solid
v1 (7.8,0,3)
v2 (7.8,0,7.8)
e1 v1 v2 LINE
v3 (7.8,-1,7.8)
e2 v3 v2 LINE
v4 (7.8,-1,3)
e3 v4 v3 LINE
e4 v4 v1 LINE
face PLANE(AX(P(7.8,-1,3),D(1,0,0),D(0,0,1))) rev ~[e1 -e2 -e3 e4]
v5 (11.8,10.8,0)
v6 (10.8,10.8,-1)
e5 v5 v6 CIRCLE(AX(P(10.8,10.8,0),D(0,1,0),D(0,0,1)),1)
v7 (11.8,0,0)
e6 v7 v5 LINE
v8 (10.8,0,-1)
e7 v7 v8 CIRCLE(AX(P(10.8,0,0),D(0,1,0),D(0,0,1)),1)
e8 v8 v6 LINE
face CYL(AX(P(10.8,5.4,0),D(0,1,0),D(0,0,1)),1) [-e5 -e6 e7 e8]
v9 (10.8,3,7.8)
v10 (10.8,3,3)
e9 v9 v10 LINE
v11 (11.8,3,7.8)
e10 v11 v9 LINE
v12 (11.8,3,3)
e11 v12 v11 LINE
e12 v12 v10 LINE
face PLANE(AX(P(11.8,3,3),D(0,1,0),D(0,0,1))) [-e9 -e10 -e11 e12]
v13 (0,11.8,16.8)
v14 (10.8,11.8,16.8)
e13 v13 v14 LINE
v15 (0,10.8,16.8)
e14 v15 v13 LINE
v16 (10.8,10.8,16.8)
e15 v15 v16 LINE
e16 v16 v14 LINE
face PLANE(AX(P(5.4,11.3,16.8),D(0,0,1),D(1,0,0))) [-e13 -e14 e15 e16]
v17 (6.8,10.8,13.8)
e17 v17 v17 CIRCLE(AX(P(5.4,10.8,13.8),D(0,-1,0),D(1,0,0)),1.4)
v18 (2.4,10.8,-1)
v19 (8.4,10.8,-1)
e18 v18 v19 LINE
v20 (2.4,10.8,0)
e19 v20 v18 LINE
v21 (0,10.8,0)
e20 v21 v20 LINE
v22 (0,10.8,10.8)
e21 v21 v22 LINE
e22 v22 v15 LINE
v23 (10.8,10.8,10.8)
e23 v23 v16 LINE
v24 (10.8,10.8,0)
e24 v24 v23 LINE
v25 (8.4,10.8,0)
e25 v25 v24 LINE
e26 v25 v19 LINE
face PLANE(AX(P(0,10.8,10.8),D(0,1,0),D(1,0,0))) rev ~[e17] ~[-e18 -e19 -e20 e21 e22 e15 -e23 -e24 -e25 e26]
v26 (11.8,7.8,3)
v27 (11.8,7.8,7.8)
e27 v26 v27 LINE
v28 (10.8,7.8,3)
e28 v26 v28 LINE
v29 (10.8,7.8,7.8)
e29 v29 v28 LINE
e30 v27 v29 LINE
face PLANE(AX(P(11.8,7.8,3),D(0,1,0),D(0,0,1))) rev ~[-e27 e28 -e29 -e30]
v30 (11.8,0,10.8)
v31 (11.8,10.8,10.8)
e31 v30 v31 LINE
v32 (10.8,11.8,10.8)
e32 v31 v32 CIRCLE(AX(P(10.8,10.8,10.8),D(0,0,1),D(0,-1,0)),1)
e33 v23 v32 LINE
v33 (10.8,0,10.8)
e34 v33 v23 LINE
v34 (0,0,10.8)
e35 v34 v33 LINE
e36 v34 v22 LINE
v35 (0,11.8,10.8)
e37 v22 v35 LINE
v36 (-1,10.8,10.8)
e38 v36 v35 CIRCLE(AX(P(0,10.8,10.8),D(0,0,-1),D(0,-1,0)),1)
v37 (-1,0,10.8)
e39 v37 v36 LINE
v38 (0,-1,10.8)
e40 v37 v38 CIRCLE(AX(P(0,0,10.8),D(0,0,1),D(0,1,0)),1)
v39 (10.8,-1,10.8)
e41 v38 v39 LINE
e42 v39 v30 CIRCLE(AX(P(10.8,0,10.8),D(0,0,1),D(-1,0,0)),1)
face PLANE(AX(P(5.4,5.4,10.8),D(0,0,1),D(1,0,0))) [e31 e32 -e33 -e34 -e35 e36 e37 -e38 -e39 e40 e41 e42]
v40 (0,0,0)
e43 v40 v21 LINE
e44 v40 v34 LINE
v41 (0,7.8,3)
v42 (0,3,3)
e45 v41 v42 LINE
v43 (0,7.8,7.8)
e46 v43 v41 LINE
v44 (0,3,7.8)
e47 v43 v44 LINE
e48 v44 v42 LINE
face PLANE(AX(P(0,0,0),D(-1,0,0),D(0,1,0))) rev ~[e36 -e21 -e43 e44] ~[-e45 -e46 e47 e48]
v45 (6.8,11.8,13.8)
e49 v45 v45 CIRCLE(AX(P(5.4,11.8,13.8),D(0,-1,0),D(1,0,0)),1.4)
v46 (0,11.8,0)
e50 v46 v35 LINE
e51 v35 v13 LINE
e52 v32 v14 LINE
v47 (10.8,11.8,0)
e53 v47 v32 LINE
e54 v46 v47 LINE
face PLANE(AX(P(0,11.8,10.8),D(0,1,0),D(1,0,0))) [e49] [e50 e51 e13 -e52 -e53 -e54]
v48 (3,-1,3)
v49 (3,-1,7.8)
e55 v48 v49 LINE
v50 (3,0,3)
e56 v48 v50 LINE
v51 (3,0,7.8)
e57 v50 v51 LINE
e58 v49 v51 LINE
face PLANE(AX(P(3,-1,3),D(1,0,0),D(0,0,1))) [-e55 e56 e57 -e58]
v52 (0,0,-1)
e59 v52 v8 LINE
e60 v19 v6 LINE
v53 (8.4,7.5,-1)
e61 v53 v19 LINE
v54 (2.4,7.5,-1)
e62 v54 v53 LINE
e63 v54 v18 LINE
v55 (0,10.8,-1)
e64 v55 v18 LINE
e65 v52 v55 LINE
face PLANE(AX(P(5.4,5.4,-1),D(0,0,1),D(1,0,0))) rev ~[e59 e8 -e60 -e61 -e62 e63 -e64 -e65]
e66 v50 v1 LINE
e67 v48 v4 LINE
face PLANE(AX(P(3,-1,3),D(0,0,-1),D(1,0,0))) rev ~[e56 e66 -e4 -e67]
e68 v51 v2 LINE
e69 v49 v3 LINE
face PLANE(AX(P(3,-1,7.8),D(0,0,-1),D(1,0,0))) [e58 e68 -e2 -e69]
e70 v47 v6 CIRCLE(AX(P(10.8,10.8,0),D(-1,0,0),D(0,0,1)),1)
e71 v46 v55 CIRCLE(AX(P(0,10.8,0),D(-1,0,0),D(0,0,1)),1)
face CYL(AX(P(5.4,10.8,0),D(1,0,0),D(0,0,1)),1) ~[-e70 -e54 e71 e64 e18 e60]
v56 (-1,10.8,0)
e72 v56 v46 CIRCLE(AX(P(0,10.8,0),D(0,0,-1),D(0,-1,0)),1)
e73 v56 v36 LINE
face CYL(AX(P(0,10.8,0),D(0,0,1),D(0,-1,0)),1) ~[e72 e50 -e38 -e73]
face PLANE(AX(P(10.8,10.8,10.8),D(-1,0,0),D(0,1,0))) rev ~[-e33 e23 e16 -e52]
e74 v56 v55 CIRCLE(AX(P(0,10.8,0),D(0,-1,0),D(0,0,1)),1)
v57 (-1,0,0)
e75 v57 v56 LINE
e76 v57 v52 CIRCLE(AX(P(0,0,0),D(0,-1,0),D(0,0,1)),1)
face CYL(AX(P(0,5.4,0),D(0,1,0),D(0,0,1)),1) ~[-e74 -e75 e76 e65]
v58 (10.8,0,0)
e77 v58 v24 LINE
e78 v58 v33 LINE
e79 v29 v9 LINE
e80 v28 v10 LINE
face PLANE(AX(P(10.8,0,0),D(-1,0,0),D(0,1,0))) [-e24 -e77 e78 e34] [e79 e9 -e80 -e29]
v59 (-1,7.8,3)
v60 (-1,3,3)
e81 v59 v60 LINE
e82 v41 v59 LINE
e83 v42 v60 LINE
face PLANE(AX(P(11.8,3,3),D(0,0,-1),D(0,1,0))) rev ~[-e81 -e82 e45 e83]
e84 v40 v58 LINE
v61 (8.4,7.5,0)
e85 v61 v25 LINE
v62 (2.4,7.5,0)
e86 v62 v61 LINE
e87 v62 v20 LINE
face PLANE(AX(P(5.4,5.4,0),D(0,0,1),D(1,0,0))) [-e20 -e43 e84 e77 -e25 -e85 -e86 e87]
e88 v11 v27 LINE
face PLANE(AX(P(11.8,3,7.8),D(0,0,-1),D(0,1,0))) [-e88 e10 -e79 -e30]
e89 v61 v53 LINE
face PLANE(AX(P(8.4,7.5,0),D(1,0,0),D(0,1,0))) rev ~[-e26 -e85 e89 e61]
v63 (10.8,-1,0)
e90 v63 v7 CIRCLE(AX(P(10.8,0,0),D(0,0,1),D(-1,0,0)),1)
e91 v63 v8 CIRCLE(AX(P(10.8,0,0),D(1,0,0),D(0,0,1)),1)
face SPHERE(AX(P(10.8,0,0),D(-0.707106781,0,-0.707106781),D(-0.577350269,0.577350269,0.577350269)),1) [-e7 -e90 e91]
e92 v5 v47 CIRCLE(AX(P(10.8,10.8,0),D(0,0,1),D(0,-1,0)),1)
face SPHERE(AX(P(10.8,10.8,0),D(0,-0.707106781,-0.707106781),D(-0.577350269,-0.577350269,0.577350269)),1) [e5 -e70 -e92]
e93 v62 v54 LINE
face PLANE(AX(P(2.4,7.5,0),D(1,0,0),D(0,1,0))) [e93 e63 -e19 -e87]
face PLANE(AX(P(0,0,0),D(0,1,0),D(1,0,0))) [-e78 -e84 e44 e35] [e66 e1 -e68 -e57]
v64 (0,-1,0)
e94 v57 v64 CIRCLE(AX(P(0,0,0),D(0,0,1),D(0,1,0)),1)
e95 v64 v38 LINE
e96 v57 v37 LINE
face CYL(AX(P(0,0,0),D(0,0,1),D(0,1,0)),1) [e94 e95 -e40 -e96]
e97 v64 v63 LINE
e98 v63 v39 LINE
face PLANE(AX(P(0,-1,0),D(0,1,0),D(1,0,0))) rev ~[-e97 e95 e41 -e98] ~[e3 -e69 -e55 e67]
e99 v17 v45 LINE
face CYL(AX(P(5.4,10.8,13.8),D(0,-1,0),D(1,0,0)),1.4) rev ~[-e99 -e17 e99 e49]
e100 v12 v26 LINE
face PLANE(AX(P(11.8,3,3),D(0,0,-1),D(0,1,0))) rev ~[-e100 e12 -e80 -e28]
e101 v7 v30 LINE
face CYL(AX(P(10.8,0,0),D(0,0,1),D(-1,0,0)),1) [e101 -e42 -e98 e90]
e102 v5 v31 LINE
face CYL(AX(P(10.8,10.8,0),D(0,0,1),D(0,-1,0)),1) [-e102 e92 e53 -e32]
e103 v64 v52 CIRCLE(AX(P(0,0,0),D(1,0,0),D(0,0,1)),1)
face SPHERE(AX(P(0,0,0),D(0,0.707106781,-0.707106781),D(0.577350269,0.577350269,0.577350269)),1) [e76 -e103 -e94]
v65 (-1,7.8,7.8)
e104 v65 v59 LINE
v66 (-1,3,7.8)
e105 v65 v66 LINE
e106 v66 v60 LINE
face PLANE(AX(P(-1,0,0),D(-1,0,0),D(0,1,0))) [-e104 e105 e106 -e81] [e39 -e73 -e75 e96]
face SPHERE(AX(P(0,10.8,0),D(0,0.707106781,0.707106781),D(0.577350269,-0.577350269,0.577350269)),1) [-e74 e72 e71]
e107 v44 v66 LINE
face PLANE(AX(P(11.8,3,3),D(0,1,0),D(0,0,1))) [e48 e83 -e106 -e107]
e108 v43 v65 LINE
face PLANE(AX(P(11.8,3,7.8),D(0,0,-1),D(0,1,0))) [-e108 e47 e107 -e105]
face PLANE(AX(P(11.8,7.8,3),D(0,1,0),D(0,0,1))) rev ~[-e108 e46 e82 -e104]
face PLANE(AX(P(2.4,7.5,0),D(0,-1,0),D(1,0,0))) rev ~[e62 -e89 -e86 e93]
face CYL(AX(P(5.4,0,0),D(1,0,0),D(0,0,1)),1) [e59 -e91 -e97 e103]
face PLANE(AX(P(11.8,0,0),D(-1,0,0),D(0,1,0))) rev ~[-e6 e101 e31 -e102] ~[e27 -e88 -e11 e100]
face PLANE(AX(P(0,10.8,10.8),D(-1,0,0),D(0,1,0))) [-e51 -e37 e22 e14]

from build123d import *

# Parameters (mm, degrees)
SKETCH_W        = 10.8
SKETCH_H        = 10.8
PAD_DEPTH       = 10.8
THICKNESS_T     = 1
SKETCH001_W     = 10.8
SKETCH001_H     = 1
PAD001_DEPTH    = 6
SKETCH002_R     = 1.4
POCKET_DEPTH    = 1.001
SKETCH003_W     = 6
SKETCH003_H     = 3.3
POCKET001_DEPTH = 5
SKETCH004_W     = 4.8
SKETCH004_H     = 4.8
POCKET002_DEPTH = 1
SKETCH005_W     = 4.8
SKETCH005_H     = 4.8
POCKET003_DEPTH = 12.801


with BuildPart() as part:
    # Sketch → Pad (new body)
    with BuildSketch(Plane.XY):
        with Locations((5.4, 5.4)):
            Rectangle(SKETCH_W, SKETCH_H)
    extrude(amount=PAD_DEPTH)

    # Thickness
    thickness_openings = [part.faces().sort_by_distance(p)[0] for p in [
        (5.4, 5.4, 10.8),
    ]]
    offset(amount=THICKNESS_T, openings=thickness_openings)

    # Sketch001 → Pad001 (new body)
    with BuildSketch(Plane.XY.offset(10.8)):
        with Locations((5.4, 11.3)):
            Rectangle(SKETCH001_W, SKETCH001_H)
    extrude(amount=PAD001_DEPTH)

    # Sketch002 → Pocket (cut, through all)
    with BuildSketch(Plane.XZ.offset(-10.8)):
        with Locations((5.4, 13.8)):
            Circle(SKETCH002_R)
    extrude(amount=-POCKET_DEPTH, mode=Mode.SUBTRACT)

    # Sketch003 → Pocket001 (cut)
    with BuildSketch(Plane.XY):
        with Locations((5.4, 9.15)):
            Rectangle(SKETCH003_W, SKETCH003_H)
    extrude(amount=-POCKET001_DEPTH, mode=Mode.SUBTRACT)

    # Sketch004 → Pocket002 (cut)
    with BuildSketch(Plane.XZ.offset(1)):
        with Locations((5.4, 5.4)):
            Rectangle(SKETCH004_W, SKETCH004_H)
    extrude(amount=-POCKET002_DEPTH, mode=Mode.SUBTRACT)

    # Sketch005 → Pocket003 (cut, through all)
    with BuildSketch(Plane.YZ.offset(11.8)):
        with Locations((5.4, 5.4)):
            Rectangle(SKETCH005_W, SKETCH005_H)
    extrude(amount=-POCKET003_DEPTH, mode=Mode.SUBTRACT)


solid = part.part
